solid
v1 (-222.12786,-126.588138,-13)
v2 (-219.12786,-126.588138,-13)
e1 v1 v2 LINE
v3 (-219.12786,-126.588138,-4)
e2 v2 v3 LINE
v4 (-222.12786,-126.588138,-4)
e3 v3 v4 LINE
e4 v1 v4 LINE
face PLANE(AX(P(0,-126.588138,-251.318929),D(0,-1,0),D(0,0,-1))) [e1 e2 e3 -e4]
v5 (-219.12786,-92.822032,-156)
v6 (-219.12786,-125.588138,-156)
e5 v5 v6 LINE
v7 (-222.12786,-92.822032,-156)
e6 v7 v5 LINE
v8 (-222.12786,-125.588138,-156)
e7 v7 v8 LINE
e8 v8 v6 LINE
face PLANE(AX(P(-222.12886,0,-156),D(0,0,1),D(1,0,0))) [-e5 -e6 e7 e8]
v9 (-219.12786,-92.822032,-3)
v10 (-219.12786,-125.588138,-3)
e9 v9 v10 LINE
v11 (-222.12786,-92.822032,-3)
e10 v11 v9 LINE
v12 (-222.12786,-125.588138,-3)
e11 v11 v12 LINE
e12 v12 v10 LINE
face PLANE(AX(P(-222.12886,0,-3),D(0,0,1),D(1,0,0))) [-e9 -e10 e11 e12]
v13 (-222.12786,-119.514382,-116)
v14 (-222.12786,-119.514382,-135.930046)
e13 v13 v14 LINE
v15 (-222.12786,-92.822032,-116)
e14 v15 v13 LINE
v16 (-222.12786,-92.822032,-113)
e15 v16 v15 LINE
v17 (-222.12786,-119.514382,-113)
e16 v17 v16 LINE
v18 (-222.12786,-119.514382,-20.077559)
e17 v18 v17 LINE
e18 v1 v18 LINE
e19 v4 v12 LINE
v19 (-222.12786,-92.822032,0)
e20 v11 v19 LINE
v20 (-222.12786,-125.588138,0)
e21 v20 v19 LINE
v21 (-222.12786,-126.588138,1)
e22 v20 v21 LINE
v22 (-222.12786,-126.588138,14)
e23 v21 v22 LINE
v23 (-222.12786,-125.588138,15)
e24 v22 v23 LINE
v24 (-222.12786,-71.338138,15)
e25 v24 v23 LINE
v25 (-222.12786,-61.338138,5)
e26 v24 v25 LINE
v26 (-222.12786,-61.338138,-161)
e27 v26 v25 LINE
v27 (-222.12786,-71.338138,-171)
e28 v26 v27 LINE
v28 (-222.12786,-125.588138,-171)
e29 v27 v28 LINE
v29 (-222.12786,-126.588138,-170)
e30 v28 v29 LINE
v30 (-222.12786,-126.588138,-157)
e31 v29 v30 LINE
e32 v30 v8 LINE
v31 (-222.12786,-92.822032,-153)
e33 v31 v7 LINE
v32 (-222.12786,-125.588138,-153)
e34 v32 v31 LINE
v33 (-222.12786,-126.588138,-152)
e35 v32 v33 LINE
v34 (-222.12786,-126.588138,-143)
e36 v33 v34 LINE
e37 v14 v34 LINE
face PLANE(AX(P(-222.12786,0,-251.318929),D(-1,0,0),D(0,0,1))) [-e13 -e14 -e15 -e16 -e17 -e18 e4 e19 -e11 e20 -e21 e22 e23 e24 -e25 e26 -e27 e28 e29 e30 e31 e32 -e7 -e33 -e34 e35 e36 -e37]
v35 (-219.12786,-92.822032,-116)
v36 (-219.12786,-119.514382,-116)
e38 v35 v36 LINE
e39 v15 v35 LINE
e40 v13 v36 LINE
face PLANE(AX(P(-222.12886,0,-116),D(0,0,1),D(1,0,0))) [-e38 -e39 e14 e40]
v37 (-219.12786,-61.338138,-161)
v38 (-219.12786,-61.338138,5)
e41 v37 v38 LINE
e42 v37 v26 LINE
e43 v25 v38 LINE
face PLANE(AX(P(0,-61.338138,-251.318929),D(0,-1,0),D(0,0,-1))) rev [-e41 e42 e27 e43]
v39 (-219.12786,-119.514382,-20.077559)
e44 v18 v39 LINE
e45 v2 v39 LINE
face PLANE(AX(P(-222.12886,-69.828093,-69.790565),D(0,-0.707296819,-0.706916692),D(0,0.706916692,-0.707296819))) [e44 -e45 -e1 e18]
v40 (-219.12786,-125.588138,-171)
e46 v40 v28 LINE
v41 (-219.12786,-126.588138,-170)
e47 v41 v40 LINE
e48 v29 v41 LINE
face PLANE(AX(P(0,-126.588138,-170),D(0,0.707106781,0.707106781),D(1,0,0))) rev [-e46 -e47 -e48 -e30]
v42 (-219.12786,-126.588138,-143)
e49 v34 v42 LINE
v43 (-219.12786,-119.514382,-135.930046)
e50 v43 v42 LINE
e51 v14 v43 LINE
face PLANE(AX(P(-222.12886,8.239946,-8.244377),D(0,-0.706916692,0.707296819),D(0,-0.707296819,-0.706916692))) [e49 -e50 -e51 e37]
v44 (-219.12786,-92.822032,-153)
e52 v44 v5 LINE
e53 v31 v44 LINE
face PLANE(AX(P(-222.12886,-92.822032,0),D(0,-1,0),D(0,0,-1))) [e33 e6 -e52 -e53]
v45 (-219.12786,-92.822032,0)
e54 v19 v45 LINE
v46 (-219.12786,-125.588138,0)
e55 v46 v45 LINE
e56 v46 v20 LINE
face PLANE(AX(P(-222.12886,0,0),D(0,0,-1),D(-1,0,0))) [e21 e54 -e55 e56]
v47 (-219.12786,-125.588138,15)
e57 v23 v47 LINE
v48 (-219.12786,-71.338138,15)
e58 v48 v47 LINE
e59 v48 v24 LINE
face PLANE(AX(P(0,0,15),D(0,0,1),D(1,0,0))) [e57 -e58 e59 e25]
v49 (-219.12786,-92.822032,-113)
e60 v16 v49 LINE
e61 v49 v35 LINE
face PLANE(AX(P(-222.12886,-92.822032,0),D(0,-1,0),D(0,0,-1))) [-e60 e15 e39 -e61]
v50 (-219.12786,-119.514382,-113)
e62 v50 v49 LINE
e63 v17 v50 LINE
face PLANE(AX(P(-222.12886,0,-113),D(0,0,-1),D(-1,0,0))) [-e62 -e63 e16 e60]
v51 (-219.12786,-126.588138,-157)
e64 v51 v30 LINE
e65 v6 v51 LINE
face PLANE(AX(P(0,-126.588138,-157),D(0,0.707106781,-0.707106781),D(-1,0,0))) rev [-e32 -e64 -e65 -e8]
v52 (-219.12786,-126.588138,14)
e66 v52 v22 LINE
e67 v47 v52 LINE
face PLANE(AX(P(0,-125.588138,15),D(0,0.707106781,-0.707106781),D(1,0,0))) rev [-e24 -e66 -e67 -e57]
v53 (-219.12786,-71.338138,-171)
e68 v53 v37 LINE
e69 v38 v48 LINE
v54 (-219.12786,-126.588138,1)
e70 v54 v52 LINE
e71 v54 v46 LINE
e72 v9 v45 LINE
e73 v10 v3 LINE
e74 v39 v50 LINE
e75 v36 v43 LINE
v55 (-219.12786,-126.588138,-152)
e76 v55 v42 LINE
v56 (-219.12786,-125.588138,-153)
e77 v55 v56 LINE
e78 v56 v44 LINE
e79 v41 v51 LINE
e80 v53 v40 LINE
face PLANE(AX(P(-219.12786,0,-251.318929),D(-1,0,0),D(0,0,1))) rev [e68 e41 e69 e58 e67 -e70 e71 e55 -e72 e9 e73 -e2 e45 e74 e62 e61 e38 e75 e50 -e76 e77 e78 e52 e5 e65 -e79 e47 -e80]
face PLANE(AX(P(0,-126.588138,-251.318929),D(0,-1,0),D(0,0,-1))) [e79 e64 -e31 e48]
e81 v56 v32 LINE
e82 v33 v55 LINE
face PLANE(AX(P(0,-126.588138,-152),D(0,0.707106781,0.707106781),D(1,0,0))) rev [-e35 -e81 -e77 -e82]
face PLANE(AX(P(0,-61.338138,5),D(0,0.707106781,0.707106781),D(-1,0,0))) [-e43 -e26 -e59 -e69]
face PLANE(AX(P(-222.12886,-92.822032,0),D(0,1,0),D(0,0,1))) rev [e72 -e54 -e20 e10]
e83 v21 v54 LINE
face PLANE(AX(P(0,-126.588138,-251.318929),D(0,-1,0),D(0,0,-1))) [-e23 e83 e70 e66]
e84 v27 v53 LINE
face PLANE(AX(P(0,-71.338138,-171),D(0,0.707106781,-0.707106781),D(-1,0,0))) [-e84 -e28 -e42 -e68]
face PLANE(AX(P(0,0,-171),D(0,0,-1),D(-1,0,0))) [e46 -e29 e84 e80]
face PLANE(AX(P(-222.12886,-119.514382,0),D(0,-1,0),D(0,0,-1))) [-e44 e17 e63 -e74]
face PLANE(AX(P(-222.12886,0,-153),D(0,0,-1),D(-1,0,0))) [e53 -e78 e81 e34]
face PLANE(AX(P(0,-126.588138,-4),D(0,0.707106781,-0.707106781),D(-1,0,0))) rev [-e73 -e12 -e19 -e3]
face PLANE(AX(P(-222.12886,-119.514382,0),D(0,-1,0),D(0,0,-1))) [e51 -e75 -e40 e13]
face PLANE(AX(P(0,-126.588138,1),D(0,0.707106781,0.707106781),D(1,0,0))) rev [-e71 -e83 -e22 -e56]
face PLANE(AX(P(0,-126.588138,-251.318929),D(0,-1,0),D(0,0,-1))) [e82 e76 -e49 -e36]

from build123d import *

# Parameters (mm, degrees)
SKETCH1_W                = 3
SKETCH1_H                = 7.073755714
SKETCH1_H_2              = 58.176244286
BOSS_EXTRUDE1_DEPTH      = 15
BOSS_EXTRUDE1_DEPTH_BACK = 171
CUT_EXTRUDE1_REACH       = 5
SKETCH2_W                = 3
SKETCH2_H                = 7.071067812
SKETCH2_H_2              = 26.692349798
CHAMFER1_SIZE            = 10
SKETCH5_W                = 3
SKETCH5_H                = 3
CUT_EXTRUDE2_DEPTH       = 1.002687902
CUT_EXTRUDE3_REACH       = 2.003
SKETCH6_W                = 3
SKETCH6_H                = 3
CHAMFER2_SIZE            = 1


with BuildPart() as part:
    # Sketch1 → Boss-Extrude1 (new body, two sides)
    with BuildSketch(Plane.XY) as boss_extrude1_sk:
        with Locations((-220.627859803, -123.051259948)):
            Rectangle(SKETCH1_W, SKETCH1_H)
        with Locations((-220.627859803, -90.426259948)):
            Rectangle(SKETCH1_W, SKETCH1_H_2)
    extrude(amount=BOSS_EXTRUDE1_DEPTH)
    extrude(boss_extrude1_sk.sketch, amount=-BOSS_EXTRUDE1_DEPTH_BACK)

    # Sketch2 → Cut-Extrude1 (cut, up to next)
    with BuildSketch(Plane(origin=(-219.127859803, 0, 0), x_dir=(0, 0, -1), z_dir=(1, 0, 0)), mode=Mode.PRIVATE) as cut_extrude1_sk1:
        with Locations((1.5, -123.049915997)):
            Rectangle(SKETCH2_W, SKETCH2_H)
    cut_extrude1_tool1 = extrude(cut_extrude1_sk1.sketch, amount=-CUT_EXTRUDE1_REACH, mode=Mode.PRIVATE) & part.part
    add(cut_extrude1_tool1.solids().sort_by_distance((-219.12786, -123.049916, -1.5))[0], mode=Mode.SUBTRACT)
    # Sketch2 → Cut-Extrude1 (cut, up to next)
    with BuildSketch(Plane(origin=(-219.127859803, 0, 0), x_dir=(0, 0, -1), z_dir=(1, 0, 0)), mode=Mode.PRIVATE) as cut_extrude1_sk2:
        with Locations((1.5, -106.168207192)):
            Rectangle(SKETCH2_W, SKETCH2_H_2)
    cut_extrude1_tool2 = extrude(cut_extrude1_sk2.sketch, amount=-CUT_EXTRUDE1_REACH, mode=Mode.PRIVATE) & part.part
    add(cut_extrude1_tool2.solids().sort_by_distance((-219.12786, -106.168207, -1.5))[0], mode=Mode.SUBTRACT)
    # Sketch2 → Cut-Extrude1 (cut, up to next)
    with BuildSketch(Plane(origin=(-219.127859803, 0, 0), x_dir=(0, 0, -1), z_dir=(1, 0, 0)), mode=Mode.PRIVATE) as cut_extrude1_sk3:
        Polygon((116, -126.585449903), (113, -126.585449903), (113, -119.514382091), (20.077559088, -119.514382091), (12.999999639, -126.588137805), (143, -126.588137805), (135.930045977, -119.514382091), (116, -119.514382091), align=None)
    cut_extrude1_tool3 = extrude(cut_extrude1_sk3.sketch, amount=-CUT_EXTRUDE1_REACH, mode=Mode.PRIVATE) & part.part
    add(cut_extrude1_tool3.solids().sort_by_distance((-219.12786, -123.120833, -77.089206))[0], mode=Mode.SUBTRACT)
    # Sketch2 → Cut-Extrude1 (cut, up to next)
    with BuildSketch(Plane(origin=(-219.127859803, 0, 0), x_dir=(0, 0, -1), z_dir=(1, 0, 0)), mode=Mode.PRIVATE) as cut_extrude1_sk4:
        with Locations((114.5, -123.049915997)):
            Rectangle(SKETCH2_W, SKETCH2_H)
    cut_extrude1_tool4 = extrude(cut_extrude1_sk4.sketch, amount=-CUT_EXTRUDE1_REACH, mode=Mode.PRIVATE) & part.part
    add(cut_extrude1_tool4.solids().sort_by_distance((-219.12786, -123.049916, -114.5))[0], mode=Mode.SUBTRACT)
    # Sketch2 → Cut-Extrude1 (cut, up to next)
    with BuildSketch(Plane(origin=(-219.127859803, 0, 0), x_dir=(0, 0, -1), z_dir=(1, 0, 0)), mode=Mode.PRIVATE) as cut_extrude1_sk5:
        with Locations((114.5, -106.168207192)):
            Rectangle(SKETCH2_W, SKETCH2_H_2)
    cut_extrude1_tool5 = extrude(cut_extrude1_sk5.sketch, amount=-CUT_EXTRUDE1_REACH, mode=Mode.PRIVATE) & part.part
    add(cut_extrude1_tool5.solids().sort_by_distance((-219.12786, -106.168207, -114.5))[0], mode=Mode.SUBTRACT)
    # Sketch2 → Cut-Extrude1 (cut, up to next)
    with BuildSketch(Plane(origin=(-219.127859803, 0, 0), x_dir=(0, 0, -1), z_dir=(1, 0, 0)), mode=Mode.PRIVATE) as cut_extrude1_sk6:
        with Locations((154.5, -123.049915997)):
            Rectangle(SKETCH2_W, SKETCH2_H)
    cut_extrude1_tool6 = extrude(cut_extrude1_sk6.sketch, amount=-CUT_EXTRUDE1_REACH, mode=Mode.PRIVATE) & part.part
    add(cut_extrude1_tool6.solids().sort_by_distance((-219.12786, -123.049916, -154.5))[0], mode=Mode.SUBTRACT)
    # Sketch2 → Cut-Extrude1 (cut, up to next)
    with BuildSketch(Plane(origin=(-219.127859803, 0, 0), x_dir=(0, 0, -1), z_dir=(1, 0, 0)), mode=Mode.PRIVATE) as cut_extrude1_sk7:
        with Locations((154.5, -106.168207192)):
            Rectangle(SKETCH2_W, SKETCH2_H_2)
    cut_extrude1_tool7 = extrude(cut_extrude1_sk7.sketch, amount=-CUT_EXTRUDE1_REACH, mode=Mode.PRIVATE) & part.part
    add(cut_extrude1_tool7.solids().sort_by_distance((-219.12786, -106.168207, -154.5))[0], mode=Mode.SUBTRACT)

    # Chamfer1
    chamfer1_edges = [part.edges().sort_by_distance(p)[0] for p in [
        (-220.627859803, -61.338137805, -171),
        (-220.627859803, -61.338137805, 15),
    ]]
    chamfer(chamfer1_edges, length=CHAMFER1_SIZE)

    # Sketch5 → Cut-Extrude2 (cut, through all)
    with BuildSketch(Plane(origin=(0, -126.585449903, 0), x_dir=(1, 0, 0), z_dir=(0, 1, 0))):
        with Locations((-220.627859803, 154.5)):
            Rectangle(SKETCH5_W, SKETCH5_H)
    extrude(amount=-CUT_EXTRUDE2_DEPTH, mode=Mode.SUBTRACT)

    # Sketch6 → Cut-Extrude3 (cut, up to next)
    with BuildSketch(Plane(origin=(0, -126.585449903, 0), x_dir=(1, 0, 0), z_dir=(0, 1, 0)), mode=Mode.PRIVATE) as cut_extrude3_sk1:
        with Locations((-220.627859803, 1.5)):
            Rectangle(SKETCH6_W, SKETCH6_H)
    cut_extrude3_tool1 = extrude(cut_extrude3_sk1.sketch, amount=-CUT_EXTRUDE3_REACH, mode=Mode.PRIVATE) & part.part
    add(cut_extrude3_tool1.solids().sort_by_distance((-220.62786, -126.58545, -1.5))[0], mode=Mode.SUBTRACT)

    # Chamfer2
    chamfer2_edges = [part.edges().sort_by_distance(p)[0] for p in [
        (-220.627859803, -126.588137805, -3),
        (-220.627859803, -126.588137805, 0),
        (-220.627859803, -126.588137805, 15),
        (-220.627859803, -126.588137805, -171),
        (-220.627859803, -126.588137805, -156),
        (-220.627859803, -126.588137805, -153),
    ]]
    chamfer(chamfer2_edges, length=CHAMFER2_SIZE)


solid = part.part
